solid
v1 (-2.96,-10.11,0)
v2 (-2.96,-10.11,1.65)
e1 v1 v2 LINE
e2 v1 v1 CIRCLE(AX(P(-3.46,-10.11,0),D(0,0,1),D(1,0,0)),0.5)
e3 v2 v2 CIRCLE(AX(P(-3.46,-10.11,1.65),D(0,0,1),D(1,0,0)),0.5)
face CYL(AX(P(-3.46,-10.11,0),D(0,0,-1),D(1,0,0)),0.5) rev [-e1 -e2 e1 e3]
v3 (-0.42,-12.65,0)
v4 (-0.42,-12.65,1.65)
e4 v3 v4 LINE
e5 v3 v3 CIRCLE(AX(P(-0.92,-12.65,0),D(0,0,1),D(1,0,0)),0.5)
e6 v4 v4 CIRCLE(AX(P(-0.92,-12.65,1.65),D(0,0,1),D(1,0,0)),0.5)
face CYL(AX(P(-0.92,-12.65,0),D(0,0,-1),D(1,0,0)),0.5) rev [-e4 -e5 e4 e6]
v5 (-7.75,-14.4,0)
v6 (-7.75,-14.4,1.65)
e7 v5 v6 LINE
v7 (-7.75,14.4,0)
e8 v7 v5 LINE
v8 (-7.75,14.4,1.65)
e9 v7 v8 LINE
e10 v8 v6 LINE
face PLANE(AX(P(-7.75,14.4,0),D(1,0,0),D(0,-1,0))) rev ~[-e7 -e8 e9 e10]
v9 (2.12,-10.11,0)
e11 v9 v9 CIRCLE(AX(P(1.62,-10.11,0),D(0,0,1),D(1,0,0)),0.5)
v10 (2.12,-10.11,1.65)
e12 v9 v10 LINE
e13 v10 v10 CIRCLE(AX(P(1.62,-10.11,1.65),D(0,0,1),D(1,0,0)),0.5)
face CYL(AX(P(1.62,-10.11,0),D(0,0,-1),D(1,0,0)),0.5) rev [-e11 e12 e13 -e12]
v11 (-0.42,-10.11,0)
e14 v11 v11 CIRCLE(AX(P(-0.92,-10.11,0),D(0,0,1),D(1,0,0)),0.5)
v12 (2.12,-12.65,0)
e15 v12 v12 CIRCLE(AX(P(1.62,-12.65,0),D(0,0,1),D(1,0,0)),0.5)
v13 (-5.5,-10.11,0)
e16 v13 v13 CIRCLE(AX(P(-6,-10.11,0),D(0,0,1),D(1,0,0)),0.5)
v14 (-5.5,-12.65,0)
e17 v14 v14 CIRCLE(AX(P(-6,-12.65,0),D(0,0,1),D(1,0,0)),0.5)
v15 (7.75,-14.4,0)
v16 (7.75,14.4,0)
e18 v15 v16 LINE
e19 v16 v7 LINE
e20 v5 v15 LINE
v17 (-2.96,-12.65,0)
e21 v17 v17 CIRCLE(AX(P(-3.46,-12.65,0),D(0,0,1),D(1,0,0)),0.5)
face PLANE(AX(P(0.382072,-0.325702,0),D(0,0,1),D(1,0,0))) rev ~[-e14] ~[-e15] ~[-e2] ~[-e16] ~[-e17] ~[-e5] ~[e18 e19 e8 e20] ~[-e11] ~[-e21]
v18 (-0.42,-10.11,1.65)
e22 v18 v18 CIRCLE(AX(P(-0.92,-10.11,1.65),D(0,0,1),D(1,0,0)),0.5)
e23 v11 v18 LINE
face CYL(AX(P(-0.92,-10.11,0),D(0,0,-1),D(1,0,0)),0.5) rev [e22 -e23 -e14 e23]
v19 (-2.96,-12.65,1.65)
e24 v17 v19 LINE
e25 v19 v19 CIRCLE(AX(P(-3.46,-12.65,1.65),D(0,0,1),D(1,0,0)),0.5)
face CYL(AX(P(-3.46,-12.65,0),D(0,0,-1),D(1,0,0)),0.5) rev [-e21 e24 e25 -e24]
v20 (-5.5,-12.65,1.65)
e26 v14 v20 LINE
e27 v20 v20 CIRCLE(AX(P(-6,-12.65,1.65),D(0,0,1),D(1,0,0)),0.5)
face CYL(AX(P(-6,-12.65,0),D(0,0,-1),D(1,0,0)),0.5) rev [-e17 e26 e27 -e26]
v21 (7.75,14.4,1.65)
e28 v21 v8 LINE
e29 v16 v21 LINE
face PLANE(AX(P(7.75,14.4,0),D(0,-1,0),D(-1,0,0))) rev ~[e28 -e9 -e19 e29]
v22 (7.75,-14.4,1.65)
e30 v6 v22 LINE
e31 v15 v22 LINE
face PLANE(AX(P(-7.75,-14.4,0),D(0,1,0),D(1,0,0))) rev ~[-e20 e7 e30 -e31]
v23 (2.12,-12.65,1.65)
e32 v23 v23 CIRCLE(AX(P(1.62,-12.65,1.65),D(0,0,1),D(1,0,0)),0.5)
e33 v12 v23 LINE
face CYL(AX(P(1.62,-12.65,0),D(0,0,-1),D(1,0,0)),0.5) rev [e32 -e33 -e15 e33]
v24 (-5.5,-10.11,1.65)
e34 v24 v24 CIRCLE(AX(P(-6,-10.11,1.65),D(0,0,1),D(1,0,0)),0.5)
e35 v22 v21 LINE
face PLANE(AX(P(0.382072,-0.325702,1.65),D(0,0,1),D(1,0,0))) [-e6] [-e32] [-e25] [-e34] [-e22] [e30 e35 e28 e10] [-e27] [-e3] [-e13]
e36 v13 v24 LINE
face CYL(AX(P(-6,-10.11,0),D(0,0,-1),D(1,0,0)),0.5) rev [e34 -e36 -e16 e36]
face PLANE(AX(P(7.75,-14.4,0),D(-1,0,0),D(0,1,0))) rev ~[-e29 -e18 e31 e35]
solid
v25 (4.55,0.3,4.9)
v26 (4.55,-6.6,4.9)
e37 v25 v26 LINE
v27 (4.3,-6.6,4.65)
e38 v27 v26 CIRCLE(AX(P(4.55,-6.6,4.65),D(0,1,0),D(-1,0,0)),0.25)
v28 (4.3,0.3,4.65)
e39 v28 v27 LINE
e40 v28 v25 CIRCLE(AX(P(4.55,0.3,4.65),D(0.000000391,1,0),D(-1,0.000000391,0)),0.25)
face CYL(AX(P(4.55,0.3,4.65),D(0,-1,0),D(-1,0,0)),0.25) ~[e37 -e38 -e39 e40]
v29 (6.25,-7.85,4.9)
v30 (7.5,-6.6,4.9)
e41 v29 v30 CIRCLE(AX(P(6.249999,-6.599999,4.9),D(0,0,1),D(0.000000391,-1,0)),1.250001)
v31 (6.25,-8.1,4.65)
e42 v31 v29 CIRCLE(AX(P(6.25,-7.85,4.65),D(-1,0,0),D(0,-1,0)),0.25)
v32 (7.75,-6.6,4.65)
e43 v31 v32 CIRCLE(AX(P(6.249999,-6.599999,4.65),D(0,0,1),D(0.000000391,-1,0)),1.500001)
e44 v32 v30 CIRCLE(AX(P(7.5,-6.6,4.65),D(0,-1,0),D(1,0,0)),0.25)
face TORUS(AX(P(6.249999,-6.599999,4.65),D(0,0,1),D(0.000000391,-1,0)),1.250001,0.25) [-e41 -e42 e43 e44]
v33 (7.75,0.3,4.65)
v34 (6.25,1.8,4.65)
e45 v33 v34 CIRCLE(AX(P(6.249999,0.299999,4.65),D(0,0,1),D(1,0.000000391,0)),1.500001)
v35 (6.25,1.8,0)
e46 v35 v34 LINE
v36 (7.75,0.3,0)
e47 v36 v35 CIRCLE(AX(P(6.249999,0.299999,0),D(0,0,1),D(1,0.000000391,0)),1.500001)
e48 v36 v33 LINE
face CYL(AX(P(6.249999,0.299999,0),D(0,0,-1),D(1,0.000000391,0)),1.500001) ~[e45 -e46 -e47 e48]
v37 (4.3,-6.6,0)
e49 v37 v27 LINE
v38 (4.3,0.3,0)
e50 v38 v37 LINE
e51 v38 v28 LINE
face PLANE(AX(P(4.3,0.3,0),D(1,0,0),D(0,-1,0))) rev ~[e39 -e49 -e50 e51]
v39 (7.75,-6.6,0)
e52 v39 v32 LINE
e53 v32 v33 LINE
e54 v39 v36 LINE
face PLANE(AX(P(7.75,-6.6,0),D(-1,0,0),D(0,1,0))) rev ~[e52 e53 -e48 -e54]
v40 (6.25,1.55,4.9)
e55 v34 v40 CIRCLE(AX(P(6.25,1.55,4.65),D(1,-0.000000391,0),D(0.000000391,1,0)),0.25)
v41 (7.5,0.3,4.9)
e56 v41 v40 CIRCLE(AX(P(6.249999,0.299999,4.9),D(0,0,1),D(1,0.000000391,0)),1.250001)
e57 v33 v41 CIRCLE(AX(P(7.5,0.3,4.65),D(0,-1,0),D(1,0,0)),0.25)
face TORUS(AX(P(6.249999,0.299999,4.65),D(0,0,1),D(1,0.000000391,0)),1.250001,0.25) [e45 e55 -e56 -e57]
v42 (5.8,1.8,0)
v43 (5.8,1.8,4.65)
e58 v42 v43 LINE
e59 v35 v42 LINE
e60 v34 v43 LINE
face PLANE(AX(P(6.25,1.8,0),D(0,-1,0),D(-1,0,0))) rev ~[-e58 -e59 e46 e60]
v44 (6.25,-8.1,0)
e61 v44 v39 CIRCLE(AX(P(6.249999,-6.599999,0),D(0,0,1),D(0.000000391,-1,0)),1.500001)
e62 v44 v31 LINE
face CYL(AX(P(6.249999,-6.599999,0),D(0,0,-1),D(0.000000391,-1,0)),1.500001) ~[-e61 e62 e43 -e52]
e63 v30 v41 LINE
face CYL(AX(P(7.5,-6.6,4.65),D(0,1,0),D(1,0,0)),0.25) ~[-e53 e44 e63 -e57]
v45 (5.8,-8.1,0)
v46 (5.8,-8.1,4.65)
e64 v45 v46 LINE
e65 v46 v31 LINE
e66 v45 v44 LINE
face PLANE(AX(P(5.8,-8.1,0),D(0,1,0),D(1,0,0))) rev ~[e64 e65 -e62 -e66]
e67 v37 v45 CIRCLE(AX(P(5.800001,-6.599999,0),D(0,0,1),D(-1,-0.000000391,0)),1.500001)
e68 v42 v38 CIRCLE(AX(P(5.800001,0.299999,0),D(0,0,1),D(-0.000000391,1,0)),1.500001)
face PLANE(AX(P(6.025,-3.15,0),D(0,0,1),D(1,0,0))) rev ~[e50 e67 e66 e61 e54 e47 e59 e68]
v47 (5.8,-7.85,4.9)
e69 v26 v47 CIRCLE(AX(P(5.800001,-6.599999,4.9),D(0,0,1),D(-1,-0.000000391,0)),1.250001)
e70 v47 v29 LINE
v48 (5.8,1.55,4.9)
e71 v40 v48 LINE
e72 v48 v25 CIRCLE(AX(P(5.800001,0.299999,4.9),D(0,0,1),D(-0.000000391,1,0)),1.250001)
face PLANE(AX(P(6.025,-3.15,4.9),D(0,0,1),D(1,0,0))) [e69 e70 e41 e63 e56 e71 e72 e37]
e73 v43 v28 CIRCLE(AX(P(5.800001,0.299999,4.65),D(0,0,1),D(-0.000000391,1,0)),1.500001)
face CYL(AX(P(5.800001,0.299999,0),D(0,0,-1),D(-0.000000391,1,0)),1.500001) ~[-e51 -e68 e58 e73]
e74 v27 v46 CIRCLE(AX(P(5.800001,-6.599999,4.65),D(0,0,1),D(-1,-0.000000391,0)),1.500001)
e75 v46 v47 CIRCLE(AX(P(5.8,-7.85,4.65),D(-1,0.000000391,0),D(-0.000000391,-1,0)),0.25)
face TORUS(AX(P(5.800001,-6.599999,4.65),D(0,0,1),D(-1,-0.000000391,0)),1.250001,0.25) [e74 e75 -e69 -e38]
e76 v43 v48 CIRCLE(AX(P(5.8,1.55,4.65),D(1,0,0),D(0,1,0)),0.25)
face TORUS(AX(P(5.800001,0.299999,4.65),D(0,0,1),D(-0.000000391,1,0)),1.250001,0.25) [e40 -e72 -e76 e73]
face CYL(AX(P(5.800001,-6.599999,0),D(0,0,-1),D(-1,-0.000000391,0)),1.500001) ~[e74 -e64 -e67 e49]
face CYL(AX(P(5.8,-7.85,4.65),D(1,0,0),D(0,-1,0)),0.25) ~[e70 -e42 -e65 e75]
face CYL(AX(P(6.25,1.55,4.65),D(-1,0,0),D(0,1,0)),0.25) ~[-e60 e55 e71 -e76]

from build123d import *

# Parameters (mm, degrees)
F0_R     = 0.5
F1_DEPTH = 1.65
F2_DEPTH = 4.9
F3_R     = 0.25


with BuildPart() as f1:
    # F0 (on Top) → F1 (new body)
    with BuildSketch(Plane.XY):
        with BuildLine():
            Line((7.75, 0.3), (7.75, 14.4))
            Line((7.75, 14.4), (-7.75, 14.4))
            Line((-7.75, 14.4), (-7.75, -14.4))
            Line((-7.75, -14.4), (7.75, -14.4))
            Line((7.75, -14.4), (7.75, -6.6))
            ThreePointArc((7.75, -6.6), (7.31066, -7.66066), (6.25, -8.1))
            Line((6.25, -8.1), (5.8, -8.1))
            ThreePointArc((5.8, -8.1), (4.73934, -7.66066), (4.3, -6.6))
            Line((4.3, -6.6), (4.3, 0.3))
            ThreePointArc((4.3, 0.3), (4.73934, 1.36066), (5.8, 1.8))
            Line((5.8, 1.8), (6.25, 1.8))
            ThreePointArc((6.25, 1.8), (7.31066, 1.36066), (7.75, 0.3))
        make_face()
        with Locations((-6, -12.65)):
            Circle(F0_R, mode=Mode.SUBTRACT)
        with Locations((-6, -10.11)):
            Circle(F0_R, mode=Mode.SUBTRACT)
        with Locations((-3.46, -12.65)):
            Circle(F0_R, mode=Mode.SUBTRACT)
        with Locations((-0.92, -12.65)):
            Circle(F0_R, mode=Mode.SUBTRACT)
        with Locations((-3.46, -10.11)):
            Circle(F0_R, mode=Mode.SUBTRACT)
        with Locations((-0.92, -10.11)):
            Circle(F0_R, mode=Mode.SUBTRACT)
        with Locations((1.62, -12.65)):
            Circle(F0_R, mode=Mode.SUBTRACT)
        with Locations((1.62, -10.11)):
            Circle(F0_R, mode=Mode.SUBTRACT)
        with BuildLine():
            Line((7.75, -6.6), (7.75, 0.3))
            ThreePointArc((7.75, 0.3), (7.31066, 1.36066), (6.25, 1.8))
            Line((6.25, 1.8), (5.8, 1.8))
            ThreePointArc((5.8, 1.8), (4.73934, 1.36066), (4.3, 0.3))
            Line((4.3, 0.3), (4.3, -6.6))
            ThreePointArc((4.3, -6.6), (4.73934, -7.66066), (5.8, -8.1))
            Line((5.8, -8.1), (6.25, -8.1))
            ThreePointArc((6.25, -8.1), (7.31066, -7.66066), (7.75, -6.6))
        make_face()
    extrude(amount=F1_DEPTH)


with BuildPart() as f2:
    # F0 (on Top) → F2 (new body)
    with BuildSketch(Plane.XY):
        with BuildLine():
            Line((7.75, -6.6), (7.75, 0.3))
            ThreePointArc((7.75, 0.3), (7.31066, 1.36066), (6.25, 1.8))
            Line((6.25, 1.8), (5.8, 1.8))
            ThreePointArc((5.8, 1.8), (4.73934, 1.36066), (4.3, 0.3))
            Line((4.3, 0.3), (4.3, -6.6))
            ThreePointArc((4.3, -6.6), (4.73934, -7.66066), (5.8, -8.1))
            Line((5.8, -8.1), (6.25, -8.1))
            ThreePointArc((6.25, -8.1), (7.31066, -7.66066), (7.75, -6.6))
        make_face()
    extrude(amount=F2_DEPTH)

    # F3
    f3_edges = [f2.edges().sort_by_distance(p)[0] for p in [
        (7.75, -3.15, 4.9),
        (7.31066, 1.36066, 4.9),
        (6.025, 1.8, 4.9),
        (4.73934, 1.36066, 4.9),
        (4.3, -3.15, 4.9),
        (4.73934, -7.66066, 4.9),
        (6.025, -8.1, 4.9),
        (7.31066, -7.66066, 4.9),
    ]]
    fillet(f3_edges, radius=F3_R)


solid = Compound([f1.part, f2.part])
